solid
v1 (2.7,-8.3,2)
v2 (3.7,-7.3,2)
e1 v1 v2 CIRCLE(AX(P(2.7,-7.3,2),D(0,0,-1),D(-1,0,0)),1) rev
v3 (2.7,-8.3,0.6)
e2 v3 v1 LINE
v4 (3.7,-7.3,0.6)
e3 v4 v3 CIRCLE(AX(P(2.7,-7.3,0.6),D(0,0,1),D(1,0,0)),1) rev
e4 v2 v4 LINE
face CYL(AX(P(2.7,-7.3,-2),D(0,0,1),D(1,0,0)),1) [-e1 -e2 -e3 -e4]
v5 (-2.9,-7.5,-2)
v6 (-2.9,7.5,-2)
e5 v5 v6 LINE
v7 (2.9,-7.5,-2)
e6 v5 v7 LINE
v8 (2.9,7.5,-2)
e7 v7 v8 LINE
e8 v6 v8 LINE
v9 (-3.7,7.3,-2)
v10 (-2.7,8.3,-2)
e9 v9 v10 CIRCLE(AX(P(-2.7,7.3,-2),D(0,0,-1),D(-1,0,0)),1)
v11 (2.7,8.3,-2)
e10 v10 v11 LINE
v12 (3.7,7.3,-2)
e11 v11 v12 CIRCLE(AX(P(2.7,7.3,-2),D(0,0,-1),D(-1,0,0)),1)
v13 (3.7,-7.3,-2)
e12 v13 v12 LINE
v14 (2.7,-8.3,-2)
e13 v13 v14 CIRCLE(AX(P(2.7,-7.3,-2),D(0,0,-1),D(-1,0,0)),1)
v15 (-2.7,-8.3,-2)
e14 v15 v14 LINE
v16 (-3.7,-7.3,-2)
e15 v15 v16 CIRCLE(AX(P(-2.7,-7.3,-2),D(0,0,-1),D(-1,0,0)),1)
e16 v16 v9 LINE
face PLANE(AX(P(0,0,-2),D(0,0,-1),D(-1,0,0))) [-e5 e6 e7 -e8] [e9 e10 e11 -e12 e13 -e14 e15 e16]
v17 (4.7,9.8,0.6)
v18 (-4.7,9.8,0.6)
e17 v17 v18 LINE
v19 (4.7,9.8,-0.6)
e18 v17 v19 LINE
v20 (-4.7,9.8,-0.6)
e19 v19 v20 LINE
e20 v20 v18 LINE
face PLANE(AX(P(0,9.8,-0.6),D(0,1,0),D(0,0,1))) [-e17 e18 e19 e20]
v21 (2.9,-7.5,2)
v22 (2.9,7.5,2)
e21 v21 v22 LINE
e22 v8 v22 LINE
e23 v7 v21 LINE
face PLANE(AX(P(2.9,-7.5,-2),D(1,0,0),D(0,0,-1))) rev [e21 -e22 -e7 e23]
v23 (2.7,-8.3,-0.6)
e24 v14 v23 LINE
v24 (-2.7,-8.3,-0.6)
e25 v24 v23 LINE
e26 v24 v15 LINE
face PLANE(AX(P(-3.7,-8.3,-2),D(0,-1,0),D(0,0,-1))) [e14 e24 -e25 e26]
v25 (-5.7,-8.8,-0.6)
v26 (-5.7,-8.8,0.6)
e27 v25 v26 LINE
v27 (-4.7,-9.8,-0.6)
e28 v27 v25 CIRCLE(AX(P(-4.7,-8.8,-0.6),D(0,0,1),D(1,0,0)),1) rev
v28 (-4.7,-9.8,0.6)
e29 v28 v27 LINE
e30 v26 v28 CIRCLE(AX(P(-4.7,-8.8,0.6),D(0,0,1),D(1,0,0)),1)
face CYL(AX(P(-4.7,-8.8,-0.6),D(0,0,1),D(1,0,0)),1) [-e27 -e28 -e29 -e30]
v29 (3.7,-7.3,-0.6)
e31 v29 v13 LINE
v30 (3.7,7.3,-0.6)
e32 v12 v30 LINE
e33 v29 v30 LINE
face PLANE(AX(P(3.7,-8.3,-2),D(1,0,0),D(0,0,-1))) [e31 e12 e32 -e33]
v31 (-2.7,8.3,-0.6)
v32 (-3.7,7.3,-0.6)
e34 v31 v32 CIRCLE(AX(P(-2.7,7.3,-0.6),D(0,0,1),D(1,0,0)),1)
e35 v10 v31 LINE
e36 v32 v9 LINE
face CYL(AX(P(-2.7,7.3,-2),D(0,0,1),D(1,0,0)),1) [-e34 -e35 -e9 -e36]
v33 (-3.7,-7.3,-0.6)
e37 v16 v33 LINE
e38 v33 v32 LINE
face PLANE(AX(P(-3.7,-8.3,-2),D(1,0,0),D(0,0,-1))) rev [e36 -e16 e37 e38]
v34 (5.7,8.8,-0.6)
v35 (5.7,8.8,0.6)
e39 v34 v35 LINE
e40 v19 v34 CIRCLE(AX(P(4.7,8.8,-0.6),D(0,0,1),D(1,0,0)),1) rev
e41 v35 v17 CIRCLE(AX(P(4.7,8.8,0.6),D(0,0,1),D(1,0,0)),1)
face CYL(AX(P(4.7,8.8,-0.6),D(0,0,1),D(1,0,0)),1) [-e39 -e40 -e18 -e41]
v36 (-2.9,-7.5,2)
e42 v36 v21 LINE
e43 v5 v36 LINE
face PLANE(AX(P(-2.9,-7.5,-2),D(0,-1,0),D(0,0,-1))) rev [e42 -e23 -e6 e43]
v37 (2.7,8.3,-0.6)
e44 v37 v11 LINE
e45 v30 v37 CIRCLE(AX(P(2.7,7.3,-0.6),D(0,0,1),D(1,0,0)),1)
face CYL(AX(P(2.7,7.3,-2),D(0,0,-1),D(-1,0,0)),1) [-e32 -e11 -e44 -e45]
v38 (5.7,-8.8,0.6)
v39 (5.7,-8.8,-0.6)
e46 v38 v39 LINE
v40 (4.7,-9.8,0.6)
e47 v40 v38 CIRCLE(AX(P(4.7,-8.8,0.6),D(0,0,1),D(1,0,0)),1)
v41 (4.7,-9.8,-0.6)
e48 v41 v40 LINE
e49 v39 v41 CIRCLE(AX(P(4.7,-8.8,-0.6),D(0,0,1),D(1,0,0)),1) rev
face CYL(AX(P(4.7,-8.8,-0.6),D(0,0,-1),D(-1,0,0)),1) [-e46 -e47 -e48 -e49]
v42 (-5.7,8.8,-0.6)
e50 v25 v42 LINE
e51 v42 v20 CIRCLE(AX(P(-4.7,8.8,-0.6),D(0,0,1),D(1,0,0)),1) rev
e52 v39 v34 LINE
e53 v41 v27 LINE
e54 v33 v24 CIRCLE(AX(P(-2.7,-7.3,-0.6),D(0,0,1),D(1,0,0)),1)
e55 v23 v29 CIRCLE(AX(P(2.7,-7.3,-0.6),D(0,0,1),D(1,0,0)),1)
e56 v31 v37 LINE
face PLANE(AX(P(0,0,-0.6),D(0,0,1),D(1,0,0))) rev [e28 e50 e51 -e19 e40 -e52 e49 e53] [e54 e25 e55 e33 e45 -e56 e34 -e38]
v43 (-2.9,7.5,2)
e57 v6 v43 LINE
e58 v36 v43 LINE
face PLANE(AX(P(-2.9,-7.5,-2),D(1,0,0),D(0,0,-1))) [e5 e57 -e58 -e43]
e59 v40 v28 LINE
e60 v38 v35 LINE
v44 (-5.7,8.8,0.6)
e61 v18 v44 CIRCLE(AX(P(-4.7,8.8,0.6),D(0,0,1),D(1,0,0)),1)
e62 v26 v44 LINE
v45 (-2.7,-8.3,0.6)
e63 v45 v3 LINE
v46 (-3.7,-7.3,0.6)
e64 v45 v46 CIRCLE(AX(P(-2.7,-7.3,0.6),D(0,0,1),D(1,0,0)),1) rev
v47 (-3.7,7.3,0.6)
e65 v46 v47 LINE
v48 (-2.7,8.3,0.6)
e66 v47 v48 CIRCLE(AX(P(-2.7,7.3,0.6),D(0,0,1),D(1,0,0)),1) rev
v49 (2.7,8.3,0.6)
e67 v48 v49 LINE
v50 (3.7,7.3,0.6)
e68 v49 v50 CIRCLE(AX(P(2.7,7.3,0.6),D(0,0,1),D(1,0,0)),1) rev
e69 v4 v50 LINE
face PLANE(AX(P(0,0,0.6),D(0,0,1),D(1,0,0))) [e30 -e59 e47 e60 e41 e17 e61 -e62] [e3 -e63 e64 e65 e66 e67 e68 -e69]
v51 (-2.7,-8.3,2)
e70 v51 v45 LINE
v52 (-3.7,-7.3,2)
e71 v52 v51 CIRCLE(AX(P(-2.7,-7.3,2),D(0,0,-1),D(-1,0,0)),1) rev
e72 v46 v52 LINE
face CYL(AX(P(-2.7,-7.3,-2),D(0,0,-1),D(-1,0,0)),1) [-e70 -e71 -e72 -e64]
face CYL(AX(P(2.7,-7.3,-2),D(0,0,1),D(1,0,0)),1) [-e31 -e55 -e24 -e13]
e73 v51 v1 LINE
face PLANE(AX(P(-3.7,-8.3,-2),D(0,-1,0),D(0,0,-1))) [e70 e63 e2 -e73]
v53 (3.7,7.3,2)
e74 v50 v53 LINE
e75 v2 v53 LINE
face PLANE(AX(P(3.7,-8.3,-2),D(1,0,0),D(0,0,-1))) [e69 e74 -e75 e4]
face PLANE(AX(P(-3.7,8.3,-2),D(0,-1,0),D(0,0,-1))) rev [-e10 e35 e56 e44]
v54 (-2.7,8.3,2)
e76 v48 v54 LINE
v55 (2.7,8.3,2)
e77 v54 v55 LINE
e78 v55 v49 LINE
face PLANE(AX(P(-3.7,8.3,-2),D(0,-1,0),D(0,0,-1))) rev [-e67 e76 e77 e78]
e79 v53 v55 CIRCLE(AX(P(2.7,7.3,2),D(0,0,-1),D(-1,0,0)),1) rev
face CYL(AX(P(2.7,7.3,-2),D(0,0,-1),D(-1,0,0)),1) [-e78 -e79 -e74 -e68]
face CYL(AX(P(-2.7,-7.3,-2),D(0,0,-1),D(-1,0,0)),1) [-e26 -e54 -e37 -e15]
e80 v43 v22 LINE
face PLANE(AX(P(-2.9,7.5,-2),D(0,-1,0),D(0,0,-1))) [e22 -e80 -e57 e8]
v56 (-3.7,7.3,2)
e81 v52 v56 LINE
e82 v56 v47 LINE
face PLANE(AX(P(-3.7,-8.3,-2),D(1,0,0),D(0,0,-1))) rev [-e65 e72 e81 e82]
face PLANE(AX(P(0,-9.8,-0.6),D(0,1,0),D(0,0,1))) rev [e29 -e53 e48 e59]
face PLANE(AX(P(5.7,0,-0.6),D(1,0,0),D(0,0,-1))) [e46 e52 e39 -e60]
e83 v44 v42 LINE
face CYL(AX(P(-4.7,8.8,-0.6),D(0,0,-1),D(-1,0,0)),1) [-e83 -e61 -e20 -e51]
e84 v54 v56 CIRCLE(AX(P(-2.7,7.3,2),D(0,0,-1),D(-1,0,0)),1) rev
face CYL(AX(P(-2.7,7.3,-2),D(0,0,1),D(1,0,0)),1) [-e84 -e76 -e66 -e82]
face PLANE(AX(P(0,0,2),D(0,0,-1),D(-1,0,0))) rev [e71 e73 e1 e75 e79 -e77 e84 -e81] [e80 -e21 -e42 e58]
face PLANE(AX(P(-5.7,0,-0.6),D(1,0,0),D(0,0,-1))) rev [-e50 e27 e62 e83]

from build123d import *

# Parameters (mm, degrees)
BOSS_EXTRUDE1_DEPTH      = 0.6
BOSS_EXTRUDE1_DEPTH_BACK = 0.6
SKETCH1_W                = 11.4
SKETCH1_H                = 19.6
BOSS_EXTRUDE2_DEPTH      = 2
BOSS_EXTRUDE2_DEPTH_BACK = 2
SKETCH1_3_W              = 7.4
SKETCH1_3_H              = 16.6
SKETCH1_3_W_2            = 5.8
SKETCH1_3_H_2            = 15
CUT_EXTRUDE1_DEPTH       = 12.512167476
CUT_EXTRUDE1_DEPTH_BACK  = 12.512167476
SKETCH1_4_W              = 5.8
SKETCH1_4_H              = 15
FILLET1_R                = 1


with BuildPart() as part:
    # Sketch1 → Boss-Extrude1 (new, two sides: drawn at the far end of the back side and taken through both)
    with BuildSketch(Plane.XY.offset(-BOSS_EXTRUDE1_DEPTH_BACK)):
        Rectangle(SKETCH1_W, SKETCH1_H)
    extrude(amount=BOSS_EXTRUDE1_DEPTH + BOSS_EXTRUDE1_DEPTH_BACK)

    # Sketch1<3> → Boss-Extrude2 (add, two sides: drawn at the far end of the back side and taken through both)
    with BuildSketch(Plane.XY.offset(-BOSS_EXTRUDE2_DEPTH_BACK)):
        Rectangle(SKETCH1_3_W, SKETCH1_3_H)
        Rectangle(SKETCH1_3_W_2, SKETCH1_3_H_2, mode=Mode.SUBTRACT)
    extrude(amount=BOSS_EXTRUDE2_DEPTH + BOSS_EXTRUDE2_DEPTH_BACK)

    # Sketch1<4> → Cut-Extrude1 (cut, two sides: drawn at the far end of the back side and taken through both)
    with BuildSketch(Plane.XY.offset(-CUT_EXTRUDE1_DEPTH_BACK)):
        Rectangle(SKETCH1_4_W, SKETCH1_4_H)
    extrude(amount=CUT_EXTRUDE1_DEPTH + CUT_EXTRUDE1_DEPTH_BACK, mode=Mode.SUBTRACT)

    # Fillet1
    fillet1_edges = [part.edges().sort_by_distance(p)[0] for p in [
        (-3.7, -8.3, -1.3),
        (-3.7, 8.3, -1.3),
        (3.7, 8.3, -1.3),
        (3.7, -8.3, -1.3),
        (-3.7, -8.3, 1.3),
        (-3.7, 8.3, 1.3),
        (3.7, 8.3, 1.3),
        (3.7, -8.3, 1.3),
        (-5.7, 9.8, 0),
        (5.7, 9.8, 0),
        (5.7, -9.8, 0),
        (-5.7, -9.8, 0),
    ]]
    fillet(fillet1_edges, radius=FILLET1_R)


solid = part.part
